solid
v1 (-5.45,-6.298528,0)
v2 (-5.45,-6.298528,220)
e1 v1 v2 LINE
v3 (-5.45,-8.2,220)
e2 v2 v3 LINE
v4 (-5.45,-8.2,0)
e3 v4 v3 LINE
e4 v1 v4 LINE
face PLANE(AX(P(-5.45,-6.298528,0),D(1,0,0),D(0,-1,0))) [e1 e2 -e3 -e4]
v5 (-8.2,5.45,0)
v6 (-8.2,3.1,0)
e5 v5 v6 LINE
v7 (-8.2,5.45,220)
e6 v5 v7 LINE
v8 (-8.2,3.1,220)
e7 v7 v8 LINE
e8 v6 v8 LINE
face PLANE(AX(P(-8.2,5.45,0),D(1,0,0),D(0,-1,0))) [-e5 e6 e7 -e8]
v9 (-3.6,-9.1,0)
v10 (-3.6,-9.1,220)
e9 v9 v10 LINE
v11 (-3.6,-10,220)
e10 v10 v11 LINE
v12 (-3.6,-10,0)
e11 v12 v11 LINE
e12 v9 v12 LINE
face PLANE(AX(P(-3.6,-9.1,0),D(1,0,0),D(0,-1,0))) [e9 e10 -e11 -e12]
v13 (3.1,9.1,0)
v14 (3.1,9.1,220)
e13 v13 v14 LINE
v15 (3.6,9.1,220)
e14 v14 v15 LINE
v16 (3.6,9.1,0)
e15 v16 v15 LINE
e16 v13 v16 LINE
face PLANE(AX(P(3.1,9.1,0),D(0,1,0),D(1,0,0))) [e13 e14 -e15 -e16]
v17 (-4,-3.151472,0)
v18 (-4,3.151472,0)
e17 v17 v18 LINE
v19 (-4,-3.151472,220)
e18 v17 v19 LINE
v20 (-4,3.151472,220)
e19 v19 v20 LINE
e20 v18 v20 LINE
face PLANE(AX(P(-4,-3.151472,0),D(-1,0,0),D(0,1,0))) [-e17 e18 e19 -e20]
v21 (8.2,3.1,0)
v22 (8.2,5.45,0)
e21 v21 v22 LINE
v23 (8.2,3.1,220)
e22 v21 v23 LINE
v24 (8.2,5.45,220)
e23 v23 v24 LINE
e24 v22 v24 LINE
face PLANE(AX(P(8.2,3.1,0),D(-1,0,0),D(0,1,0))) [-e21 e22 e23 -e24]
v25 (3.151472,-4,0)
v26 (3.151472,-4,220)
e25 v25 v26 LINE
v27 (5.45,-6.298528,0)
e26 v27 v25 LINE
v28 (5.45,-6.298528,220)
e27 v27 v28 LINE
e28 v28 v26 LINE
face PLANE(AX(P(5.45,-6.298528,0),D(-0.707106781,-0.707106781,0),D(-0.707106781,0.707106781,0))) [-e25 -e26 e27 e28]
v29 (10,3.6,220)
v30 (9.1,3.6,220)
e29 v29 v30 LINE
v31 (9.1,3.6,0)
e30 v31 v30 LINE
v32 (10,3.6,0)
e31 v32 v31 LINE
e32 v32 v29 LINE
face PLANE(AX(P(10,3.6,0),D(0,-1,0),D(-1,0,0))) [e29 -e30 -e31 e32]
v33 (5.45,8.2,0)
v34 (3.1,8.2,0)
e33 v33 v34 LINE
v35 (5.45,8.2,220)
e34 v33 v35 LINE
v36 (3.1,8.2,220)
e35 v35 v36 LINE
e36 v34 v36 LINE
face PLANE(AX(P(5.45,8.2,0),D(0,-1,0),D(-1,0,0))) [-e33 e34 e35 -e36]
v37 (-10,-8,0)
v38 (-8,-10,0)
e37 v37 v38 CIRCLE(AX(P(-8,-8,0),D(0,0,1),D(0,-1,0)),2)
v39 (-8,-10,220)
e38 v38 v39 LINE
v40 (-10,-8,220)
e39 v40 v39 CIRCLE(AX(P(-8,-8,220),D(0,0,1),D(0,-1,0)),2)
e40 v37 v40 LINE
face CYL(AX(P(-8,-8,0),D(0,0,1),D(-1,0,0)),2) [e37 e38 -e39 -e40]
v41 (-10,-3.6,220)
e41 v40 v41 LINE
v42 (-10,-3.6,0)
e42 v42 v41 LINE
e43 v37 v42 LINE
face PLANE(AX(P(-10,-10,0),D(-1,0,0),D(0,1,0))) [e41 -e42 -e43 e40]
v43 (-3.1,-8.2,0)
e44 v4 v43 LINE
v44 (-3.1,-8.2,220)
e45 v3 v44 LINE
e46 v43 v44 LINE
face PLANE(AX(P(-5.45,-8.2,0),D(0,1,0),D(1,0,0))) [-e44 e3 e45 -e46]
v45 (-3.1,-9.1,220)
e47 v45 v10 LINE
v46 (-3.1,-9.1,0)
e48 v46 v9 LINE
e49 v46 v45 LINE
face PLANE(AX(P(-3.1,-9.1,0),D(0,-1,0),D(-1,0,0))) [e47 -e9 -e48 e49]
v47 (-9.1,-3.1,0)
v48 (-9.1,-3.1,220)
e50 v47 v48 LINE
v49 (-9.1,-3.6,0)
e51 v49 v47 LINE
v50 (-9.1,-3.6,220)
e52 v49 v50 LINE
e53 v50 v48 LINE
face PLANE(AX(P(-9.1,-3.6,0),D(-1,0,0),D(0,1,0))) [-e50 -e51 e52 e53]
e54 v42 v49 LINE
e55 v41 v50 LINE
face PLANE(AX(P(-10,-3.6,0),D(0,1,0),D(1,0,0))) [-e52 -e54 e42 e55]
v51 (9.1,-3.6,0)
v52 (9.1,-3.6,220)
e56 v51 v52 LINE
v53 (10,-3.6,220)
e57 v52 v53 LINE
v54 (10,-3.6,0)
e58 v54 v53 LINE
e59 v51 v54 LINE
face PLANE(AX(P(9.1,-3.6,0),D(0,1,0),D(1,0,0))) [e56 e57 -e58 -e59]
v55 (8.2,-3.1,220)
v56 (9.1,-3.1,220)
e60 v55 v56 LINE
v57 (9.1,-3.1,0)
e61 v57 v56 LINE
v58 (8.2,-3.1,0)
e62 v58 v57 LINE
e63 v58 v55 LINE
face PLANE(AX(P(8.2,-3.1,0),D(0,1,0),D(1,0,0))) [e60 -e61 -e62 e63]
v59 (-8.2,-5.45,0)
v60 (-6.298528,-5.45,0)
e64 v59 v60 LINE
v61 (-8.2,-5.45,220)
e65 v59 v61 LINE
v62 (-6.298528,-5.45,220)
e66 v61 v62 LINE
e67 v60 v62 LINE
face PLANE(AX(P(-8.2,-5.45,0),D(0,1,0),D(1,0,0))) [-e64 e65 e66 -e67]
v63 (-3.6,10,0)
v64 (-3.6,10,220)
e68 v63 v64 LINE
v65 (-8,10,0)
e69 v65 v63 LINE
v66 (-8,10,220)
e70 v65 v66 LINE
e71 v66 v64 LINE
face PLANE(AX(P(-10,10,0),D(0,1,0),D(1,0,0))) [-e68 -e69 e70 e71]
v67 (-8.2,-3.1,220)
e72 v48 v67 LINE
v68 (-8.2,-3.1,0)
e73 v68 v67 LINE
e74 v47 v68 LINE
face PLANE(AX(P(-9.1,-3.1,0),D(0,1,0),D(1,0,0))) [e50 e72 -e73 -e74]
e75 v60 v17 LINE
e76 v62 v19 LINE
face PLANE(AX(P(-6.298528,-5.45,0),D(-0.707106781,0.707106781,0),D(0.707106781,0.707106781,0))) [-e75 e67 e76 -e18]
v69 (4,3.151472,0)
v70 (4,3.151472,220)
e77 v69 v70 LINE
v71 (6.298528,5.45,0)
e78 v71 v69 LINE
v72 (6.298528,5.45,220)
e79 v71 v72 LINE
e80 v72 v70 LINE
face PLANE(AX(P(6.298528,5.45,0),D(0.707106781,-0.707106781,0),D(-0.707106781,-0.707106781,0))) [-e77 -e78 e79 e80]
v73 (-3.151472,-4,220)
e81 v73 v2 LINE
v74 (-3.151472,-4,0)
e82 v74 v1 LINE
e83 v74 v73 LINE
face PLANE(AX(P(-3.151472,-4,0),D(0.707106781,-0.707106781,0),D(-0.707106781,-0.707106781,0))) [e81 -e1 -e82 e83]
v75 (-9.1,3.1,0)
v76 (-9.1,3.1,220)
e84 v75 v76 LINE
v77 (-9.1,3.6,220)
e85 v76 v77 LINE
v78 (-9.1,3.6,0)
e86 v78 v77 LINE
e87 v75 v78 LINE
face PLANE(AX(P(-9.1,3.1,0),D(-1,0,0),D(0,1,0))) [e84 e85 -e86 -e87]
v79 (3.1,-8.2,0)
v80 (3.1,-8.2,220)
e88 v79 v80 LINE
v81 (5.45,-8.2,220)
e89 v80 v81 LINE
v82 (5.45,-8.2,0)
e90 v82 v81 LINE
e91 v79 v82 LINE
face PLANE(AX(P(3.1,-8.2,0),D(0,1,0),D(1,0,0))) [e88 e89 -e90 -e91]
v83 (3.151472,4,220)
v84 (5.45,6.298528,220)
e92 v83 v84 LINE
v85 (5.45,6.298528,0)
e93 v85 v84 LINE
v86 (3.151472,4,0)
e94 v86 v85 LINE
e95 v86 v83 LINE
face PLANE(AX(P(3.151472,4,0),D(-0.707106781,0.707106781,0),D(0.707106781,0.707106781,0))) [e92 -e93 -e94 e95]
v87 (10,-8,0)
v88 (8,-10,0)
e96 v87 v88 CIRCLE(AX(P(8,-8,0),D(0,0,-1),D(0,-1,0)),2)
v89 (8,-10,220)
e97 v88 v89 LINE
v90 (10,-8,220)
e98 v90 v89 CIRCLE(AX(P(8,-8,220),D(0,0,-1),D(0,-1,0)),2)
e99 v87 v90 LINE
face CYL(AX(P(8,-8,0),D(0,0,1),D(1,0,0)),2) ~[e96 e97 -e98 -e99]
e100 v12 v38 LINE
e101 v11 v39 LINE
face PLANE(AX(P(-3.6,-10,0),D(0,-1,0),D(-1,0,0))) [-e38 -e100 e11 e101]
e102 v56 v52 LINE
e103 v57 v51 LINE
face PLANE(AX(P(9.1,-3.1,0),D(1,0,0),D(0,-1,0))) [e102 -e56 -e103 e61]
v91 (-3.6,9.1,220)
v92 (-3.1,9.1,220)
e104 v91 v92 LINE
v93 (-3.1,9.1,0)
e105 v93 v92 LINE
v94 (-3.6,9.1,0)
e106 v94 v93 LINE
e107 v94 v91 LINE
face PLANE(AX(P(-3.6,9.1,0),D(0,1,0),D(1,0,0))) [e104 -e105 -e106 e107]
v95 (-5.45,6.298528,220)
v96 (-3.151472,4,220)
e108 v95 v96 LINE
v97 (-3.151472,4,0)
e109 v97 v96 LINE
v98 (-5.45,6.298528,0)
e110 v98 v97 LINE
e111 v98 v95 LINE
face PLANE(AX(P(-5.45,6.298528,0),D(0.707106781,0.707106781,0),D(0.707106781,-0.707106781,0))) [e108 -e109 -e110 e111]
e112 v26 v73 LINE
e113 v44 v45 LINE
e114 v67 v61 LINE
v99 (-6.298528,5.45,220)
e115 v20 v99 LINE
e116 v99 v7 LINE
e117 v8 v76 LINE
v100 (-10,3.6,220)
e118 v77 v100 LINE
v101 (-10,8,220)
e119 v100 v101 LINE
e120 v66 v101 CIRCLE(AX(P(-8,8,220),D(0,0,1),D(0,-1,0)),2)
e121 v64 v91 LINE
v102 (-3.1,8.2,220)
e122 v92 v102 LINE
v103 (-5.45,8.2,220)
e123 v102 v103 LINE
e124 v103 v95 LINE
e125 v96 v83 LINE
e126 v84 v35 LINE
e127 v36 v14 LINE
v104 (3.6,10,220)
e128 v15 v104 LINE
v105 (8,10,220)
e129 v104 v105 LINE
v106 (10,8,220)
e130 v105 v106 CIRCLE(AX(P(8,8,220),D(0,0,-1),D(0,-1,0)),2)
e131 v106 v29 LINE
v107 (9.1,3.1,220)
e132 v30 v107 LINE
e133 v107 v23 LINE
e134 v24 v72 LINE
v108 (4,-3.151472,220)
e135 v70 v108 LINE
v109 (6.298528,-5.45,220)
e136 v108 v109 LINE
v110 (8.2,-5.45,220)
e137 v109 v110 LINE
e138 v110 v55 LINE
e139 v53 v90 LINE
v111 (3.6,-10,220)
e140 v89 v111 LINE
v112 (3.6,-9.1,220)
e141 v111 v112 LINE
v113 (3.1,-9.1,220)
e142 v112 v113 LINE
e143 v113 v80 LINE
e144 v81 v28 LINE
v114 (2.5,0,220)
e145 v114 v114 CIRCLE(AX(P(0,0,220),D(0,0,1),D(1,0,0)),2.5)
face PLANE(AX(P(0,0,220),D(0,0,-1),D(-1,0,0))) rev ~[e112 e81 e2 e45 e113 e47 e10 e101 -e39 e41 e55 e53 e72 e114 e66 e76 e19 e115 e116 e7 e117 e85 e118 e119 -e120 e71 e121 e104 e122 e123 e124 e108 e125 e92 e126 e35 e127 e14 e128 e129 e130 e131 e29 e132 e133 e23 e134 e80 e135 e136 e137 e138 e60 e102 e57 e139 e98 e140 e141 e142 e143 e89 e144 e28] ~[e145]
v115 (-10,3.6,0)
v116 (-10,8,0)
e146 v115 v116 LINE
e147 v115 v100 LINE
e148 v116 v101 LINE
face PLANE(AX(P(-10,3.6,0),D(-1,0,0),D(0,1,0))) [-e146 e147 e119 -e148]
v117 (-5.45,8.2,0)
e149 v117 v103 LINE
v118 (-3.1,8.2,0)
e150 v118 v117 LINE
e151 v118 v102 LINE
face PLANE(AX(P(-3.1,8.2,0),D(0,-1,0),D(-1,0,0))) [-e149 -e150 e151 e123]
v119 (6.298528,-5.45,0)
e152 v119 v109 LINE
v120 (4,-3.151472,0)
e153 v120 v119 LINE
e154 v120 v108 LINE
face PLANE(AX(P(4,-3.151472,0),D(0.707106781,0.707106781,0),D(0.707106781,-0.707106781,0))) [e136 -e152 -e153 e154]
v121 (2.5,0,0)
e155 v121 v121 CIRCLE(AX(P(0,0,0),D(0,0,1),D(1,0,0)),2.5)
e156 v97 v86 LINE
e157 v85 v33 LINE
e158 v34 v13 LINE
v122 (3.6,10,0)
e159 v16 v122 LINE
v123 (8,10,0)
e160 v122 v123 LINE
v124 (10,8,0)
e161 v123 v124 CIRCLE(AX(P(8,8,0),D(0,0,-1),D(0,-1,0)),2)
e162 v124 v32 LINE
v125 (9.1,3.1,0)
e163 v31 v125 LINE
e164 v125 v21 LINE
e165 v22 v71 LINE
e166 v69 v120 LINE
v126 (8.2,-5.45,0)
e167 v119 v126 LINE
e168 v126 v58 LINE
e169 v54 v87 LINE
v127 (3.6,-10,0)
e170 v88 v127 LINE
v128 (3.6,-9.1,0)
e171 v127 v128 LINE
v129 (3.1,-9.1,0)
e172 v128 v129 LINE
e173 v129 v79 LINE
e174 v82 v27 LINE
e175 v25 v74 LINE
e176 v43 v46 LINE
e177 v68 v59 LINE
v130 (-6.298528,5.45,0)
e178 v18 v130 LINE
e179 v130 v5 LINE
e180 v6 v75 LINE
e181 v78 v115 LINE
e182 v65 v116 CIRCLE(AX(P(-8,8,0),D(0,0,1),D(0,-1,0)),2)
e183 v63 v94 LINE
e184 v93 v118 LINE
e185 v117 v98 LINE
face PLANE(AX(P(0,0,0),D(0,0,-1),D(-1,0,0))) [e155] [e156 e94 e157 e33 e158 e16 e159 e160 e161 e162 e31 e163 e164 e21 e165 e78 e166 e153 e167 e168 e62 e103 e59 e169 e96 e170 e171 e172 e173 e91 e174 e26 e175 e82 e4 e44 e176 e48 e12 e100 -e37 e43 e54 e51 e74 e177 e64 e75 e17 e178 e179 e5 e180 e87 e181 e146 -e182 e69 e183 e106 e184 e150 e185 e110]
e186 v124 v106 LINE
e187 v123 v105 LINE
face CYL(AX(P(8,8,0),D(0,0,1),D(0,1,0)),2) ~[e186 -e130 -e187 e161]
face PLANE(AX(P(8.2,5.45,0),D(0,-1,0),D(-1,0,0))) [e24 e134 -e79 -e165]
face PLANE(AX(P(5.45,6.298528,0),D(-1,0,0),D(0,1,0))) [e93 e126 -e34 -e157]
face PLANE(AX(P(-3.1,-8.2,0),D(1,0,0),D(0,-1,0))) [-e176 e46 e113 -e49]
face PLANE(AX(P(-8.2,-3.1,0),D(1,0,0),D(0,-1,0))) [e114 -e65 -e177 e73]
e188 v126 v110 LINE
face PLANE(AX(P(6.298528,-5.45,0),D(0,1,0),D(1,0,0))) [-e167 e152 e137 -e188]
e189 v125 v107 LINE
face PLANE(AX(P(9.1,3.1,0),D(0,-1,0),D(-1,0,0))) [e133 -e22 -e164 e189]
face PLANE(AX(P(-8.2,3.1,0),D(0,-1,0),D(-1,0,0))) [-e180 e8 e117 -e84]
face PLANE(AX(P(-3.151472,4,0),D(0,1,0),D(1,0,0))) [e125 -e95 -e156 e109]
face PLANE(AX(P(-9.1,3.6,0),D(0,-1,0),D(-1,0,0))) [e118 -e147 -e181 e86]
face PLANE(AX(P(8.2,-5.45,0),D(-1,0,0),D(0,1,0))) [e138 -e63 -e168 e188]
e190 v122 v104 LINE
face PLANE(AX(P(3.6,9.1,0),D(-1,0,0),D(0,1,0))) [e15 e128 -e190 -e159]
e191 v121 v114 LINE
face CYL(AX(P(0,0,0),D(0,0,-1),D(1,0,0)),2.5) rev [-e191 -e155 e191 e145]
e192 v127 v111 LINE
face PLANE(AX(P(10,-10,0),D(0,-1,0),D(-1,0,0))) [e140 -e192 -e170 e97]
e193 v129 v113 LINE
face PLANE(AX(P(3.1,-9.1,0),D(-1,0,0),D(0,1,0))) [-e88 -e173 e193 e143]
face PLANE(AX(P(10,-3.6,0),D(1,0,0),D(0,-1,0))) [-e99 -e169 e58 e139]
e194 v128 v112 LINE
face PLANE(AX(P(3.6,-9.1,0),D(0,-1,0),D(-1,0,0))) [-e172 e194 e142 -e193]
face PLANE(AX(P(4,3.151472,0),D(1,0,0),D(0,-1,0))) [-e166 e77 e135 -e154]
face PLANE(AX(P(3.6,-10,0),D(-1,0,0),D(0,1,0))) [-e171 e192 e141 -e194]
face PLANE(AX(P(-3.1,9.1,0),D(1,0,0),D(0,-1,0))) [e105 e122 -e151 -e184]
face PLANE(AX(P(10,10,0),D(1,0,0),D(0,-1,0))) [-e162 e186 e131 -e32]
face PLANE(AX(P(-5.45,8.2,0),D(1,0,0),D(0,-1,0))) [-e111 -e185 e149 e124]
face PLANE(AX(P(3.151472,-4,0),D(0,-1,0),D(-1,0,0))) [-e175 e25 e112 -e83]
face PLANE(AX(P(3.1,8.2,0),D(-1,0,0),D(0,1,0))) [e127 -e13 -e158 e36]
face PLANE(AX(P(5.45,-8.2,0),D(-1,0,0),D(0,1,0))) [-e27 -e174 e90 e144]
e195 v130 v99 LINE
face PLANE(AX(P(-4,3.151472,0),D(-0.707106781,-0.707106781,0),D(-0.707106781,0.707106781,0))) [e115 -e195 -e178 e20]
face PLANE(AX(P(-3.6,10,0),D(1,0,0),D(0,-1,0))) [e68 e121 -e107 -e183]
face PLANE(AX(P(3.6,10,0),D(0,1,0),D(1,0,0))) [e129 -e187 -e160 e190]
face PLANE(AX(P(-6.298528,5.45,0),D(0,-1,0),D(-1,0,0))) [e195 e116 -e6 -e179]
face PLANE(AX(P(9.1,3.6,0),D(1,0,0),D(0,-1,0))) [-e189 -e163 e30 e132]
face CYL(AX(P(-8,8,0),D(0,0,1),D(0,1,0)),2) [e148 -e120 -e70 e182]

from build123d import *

# Parameters (mm, degrees)
SKETCH_1_R      = 2.5
EXTRUDE_1_DEPTH = 220
FILLET_1_R      = 2


with BuildPart() as part:
    # 草图1 → 凸台-拉伸1 (new body)
    with BuildSketch(Plane.XY):
        Polygon((-3.151471863, 4), (3.151471863, 4), (5.45, 6.298528137), (5.45, 8.2), (3.1, 8.2), (3.1, 9.1), (3.6, 9.1), (3.6, 10), (10, 10), (10, 3.6), (9.1, 3.6), (9.1, 3.1), (8.2, 3.1), (8.2, 5.45), (6.298528137, 5.45), (4, 3.151471863), (4, -3.151471863), (6.298528137, -5.45), (8.2, -5.45), (8.2, -3.1), (9.1, -3.1), (9.1, -3.6), (10, -3.6), (10, -10), (3.6, -10), (3.6, -9.1), (3.1, -9.1), (3.1, -8.2), (5.45, -8.2), (5.45, -6.298528137), (3.151471863, -4), (-3.151471863, -4), (-5.45, -6.298528137), (-5.45, -8.2), (-3.1, -8.2), (-3.1, -9.1), (-3.6, -9.1), (-3.6, -10), (-10, -10), (-10, -3.6), (-9.1, -3.6), (-9.1, -3.1), (-8.2, -3.1), (-8.2, -5.45), (-6.298528137, -5.45), (-4, -3.151471863), (-4, 3.151471863), (-6.298528137, 5.45), (-8.2, 5.45), (-8.2, 3.1), (-9.1, 3.1), (-9.1, 3.6), (-10, 3.6), (-10, 10), (-3.6, 10), (-3.6, 9.1), (-3.1, 9.1), (-3.1, 8.2), (-5.45, 8.2), (-5.45, 6.298528137), align=None)
        Circle(SKETCH_1_R, mode=Mode.SUBTRACT)
    extrude(amount=EXTRUDE_1_DEPTH)

    # 圆角1
    fillet_1_edges = [part.edges().sort_by_distance(p)[0] for p in [
        (10, -10, 110),
        (-10, -10, 110),
        (-10, 10, 110),
        (10, 10, 110),
    ]]
    fillet(fillet_1_edges, radius=FILLET_1_R)


solid = part.part
